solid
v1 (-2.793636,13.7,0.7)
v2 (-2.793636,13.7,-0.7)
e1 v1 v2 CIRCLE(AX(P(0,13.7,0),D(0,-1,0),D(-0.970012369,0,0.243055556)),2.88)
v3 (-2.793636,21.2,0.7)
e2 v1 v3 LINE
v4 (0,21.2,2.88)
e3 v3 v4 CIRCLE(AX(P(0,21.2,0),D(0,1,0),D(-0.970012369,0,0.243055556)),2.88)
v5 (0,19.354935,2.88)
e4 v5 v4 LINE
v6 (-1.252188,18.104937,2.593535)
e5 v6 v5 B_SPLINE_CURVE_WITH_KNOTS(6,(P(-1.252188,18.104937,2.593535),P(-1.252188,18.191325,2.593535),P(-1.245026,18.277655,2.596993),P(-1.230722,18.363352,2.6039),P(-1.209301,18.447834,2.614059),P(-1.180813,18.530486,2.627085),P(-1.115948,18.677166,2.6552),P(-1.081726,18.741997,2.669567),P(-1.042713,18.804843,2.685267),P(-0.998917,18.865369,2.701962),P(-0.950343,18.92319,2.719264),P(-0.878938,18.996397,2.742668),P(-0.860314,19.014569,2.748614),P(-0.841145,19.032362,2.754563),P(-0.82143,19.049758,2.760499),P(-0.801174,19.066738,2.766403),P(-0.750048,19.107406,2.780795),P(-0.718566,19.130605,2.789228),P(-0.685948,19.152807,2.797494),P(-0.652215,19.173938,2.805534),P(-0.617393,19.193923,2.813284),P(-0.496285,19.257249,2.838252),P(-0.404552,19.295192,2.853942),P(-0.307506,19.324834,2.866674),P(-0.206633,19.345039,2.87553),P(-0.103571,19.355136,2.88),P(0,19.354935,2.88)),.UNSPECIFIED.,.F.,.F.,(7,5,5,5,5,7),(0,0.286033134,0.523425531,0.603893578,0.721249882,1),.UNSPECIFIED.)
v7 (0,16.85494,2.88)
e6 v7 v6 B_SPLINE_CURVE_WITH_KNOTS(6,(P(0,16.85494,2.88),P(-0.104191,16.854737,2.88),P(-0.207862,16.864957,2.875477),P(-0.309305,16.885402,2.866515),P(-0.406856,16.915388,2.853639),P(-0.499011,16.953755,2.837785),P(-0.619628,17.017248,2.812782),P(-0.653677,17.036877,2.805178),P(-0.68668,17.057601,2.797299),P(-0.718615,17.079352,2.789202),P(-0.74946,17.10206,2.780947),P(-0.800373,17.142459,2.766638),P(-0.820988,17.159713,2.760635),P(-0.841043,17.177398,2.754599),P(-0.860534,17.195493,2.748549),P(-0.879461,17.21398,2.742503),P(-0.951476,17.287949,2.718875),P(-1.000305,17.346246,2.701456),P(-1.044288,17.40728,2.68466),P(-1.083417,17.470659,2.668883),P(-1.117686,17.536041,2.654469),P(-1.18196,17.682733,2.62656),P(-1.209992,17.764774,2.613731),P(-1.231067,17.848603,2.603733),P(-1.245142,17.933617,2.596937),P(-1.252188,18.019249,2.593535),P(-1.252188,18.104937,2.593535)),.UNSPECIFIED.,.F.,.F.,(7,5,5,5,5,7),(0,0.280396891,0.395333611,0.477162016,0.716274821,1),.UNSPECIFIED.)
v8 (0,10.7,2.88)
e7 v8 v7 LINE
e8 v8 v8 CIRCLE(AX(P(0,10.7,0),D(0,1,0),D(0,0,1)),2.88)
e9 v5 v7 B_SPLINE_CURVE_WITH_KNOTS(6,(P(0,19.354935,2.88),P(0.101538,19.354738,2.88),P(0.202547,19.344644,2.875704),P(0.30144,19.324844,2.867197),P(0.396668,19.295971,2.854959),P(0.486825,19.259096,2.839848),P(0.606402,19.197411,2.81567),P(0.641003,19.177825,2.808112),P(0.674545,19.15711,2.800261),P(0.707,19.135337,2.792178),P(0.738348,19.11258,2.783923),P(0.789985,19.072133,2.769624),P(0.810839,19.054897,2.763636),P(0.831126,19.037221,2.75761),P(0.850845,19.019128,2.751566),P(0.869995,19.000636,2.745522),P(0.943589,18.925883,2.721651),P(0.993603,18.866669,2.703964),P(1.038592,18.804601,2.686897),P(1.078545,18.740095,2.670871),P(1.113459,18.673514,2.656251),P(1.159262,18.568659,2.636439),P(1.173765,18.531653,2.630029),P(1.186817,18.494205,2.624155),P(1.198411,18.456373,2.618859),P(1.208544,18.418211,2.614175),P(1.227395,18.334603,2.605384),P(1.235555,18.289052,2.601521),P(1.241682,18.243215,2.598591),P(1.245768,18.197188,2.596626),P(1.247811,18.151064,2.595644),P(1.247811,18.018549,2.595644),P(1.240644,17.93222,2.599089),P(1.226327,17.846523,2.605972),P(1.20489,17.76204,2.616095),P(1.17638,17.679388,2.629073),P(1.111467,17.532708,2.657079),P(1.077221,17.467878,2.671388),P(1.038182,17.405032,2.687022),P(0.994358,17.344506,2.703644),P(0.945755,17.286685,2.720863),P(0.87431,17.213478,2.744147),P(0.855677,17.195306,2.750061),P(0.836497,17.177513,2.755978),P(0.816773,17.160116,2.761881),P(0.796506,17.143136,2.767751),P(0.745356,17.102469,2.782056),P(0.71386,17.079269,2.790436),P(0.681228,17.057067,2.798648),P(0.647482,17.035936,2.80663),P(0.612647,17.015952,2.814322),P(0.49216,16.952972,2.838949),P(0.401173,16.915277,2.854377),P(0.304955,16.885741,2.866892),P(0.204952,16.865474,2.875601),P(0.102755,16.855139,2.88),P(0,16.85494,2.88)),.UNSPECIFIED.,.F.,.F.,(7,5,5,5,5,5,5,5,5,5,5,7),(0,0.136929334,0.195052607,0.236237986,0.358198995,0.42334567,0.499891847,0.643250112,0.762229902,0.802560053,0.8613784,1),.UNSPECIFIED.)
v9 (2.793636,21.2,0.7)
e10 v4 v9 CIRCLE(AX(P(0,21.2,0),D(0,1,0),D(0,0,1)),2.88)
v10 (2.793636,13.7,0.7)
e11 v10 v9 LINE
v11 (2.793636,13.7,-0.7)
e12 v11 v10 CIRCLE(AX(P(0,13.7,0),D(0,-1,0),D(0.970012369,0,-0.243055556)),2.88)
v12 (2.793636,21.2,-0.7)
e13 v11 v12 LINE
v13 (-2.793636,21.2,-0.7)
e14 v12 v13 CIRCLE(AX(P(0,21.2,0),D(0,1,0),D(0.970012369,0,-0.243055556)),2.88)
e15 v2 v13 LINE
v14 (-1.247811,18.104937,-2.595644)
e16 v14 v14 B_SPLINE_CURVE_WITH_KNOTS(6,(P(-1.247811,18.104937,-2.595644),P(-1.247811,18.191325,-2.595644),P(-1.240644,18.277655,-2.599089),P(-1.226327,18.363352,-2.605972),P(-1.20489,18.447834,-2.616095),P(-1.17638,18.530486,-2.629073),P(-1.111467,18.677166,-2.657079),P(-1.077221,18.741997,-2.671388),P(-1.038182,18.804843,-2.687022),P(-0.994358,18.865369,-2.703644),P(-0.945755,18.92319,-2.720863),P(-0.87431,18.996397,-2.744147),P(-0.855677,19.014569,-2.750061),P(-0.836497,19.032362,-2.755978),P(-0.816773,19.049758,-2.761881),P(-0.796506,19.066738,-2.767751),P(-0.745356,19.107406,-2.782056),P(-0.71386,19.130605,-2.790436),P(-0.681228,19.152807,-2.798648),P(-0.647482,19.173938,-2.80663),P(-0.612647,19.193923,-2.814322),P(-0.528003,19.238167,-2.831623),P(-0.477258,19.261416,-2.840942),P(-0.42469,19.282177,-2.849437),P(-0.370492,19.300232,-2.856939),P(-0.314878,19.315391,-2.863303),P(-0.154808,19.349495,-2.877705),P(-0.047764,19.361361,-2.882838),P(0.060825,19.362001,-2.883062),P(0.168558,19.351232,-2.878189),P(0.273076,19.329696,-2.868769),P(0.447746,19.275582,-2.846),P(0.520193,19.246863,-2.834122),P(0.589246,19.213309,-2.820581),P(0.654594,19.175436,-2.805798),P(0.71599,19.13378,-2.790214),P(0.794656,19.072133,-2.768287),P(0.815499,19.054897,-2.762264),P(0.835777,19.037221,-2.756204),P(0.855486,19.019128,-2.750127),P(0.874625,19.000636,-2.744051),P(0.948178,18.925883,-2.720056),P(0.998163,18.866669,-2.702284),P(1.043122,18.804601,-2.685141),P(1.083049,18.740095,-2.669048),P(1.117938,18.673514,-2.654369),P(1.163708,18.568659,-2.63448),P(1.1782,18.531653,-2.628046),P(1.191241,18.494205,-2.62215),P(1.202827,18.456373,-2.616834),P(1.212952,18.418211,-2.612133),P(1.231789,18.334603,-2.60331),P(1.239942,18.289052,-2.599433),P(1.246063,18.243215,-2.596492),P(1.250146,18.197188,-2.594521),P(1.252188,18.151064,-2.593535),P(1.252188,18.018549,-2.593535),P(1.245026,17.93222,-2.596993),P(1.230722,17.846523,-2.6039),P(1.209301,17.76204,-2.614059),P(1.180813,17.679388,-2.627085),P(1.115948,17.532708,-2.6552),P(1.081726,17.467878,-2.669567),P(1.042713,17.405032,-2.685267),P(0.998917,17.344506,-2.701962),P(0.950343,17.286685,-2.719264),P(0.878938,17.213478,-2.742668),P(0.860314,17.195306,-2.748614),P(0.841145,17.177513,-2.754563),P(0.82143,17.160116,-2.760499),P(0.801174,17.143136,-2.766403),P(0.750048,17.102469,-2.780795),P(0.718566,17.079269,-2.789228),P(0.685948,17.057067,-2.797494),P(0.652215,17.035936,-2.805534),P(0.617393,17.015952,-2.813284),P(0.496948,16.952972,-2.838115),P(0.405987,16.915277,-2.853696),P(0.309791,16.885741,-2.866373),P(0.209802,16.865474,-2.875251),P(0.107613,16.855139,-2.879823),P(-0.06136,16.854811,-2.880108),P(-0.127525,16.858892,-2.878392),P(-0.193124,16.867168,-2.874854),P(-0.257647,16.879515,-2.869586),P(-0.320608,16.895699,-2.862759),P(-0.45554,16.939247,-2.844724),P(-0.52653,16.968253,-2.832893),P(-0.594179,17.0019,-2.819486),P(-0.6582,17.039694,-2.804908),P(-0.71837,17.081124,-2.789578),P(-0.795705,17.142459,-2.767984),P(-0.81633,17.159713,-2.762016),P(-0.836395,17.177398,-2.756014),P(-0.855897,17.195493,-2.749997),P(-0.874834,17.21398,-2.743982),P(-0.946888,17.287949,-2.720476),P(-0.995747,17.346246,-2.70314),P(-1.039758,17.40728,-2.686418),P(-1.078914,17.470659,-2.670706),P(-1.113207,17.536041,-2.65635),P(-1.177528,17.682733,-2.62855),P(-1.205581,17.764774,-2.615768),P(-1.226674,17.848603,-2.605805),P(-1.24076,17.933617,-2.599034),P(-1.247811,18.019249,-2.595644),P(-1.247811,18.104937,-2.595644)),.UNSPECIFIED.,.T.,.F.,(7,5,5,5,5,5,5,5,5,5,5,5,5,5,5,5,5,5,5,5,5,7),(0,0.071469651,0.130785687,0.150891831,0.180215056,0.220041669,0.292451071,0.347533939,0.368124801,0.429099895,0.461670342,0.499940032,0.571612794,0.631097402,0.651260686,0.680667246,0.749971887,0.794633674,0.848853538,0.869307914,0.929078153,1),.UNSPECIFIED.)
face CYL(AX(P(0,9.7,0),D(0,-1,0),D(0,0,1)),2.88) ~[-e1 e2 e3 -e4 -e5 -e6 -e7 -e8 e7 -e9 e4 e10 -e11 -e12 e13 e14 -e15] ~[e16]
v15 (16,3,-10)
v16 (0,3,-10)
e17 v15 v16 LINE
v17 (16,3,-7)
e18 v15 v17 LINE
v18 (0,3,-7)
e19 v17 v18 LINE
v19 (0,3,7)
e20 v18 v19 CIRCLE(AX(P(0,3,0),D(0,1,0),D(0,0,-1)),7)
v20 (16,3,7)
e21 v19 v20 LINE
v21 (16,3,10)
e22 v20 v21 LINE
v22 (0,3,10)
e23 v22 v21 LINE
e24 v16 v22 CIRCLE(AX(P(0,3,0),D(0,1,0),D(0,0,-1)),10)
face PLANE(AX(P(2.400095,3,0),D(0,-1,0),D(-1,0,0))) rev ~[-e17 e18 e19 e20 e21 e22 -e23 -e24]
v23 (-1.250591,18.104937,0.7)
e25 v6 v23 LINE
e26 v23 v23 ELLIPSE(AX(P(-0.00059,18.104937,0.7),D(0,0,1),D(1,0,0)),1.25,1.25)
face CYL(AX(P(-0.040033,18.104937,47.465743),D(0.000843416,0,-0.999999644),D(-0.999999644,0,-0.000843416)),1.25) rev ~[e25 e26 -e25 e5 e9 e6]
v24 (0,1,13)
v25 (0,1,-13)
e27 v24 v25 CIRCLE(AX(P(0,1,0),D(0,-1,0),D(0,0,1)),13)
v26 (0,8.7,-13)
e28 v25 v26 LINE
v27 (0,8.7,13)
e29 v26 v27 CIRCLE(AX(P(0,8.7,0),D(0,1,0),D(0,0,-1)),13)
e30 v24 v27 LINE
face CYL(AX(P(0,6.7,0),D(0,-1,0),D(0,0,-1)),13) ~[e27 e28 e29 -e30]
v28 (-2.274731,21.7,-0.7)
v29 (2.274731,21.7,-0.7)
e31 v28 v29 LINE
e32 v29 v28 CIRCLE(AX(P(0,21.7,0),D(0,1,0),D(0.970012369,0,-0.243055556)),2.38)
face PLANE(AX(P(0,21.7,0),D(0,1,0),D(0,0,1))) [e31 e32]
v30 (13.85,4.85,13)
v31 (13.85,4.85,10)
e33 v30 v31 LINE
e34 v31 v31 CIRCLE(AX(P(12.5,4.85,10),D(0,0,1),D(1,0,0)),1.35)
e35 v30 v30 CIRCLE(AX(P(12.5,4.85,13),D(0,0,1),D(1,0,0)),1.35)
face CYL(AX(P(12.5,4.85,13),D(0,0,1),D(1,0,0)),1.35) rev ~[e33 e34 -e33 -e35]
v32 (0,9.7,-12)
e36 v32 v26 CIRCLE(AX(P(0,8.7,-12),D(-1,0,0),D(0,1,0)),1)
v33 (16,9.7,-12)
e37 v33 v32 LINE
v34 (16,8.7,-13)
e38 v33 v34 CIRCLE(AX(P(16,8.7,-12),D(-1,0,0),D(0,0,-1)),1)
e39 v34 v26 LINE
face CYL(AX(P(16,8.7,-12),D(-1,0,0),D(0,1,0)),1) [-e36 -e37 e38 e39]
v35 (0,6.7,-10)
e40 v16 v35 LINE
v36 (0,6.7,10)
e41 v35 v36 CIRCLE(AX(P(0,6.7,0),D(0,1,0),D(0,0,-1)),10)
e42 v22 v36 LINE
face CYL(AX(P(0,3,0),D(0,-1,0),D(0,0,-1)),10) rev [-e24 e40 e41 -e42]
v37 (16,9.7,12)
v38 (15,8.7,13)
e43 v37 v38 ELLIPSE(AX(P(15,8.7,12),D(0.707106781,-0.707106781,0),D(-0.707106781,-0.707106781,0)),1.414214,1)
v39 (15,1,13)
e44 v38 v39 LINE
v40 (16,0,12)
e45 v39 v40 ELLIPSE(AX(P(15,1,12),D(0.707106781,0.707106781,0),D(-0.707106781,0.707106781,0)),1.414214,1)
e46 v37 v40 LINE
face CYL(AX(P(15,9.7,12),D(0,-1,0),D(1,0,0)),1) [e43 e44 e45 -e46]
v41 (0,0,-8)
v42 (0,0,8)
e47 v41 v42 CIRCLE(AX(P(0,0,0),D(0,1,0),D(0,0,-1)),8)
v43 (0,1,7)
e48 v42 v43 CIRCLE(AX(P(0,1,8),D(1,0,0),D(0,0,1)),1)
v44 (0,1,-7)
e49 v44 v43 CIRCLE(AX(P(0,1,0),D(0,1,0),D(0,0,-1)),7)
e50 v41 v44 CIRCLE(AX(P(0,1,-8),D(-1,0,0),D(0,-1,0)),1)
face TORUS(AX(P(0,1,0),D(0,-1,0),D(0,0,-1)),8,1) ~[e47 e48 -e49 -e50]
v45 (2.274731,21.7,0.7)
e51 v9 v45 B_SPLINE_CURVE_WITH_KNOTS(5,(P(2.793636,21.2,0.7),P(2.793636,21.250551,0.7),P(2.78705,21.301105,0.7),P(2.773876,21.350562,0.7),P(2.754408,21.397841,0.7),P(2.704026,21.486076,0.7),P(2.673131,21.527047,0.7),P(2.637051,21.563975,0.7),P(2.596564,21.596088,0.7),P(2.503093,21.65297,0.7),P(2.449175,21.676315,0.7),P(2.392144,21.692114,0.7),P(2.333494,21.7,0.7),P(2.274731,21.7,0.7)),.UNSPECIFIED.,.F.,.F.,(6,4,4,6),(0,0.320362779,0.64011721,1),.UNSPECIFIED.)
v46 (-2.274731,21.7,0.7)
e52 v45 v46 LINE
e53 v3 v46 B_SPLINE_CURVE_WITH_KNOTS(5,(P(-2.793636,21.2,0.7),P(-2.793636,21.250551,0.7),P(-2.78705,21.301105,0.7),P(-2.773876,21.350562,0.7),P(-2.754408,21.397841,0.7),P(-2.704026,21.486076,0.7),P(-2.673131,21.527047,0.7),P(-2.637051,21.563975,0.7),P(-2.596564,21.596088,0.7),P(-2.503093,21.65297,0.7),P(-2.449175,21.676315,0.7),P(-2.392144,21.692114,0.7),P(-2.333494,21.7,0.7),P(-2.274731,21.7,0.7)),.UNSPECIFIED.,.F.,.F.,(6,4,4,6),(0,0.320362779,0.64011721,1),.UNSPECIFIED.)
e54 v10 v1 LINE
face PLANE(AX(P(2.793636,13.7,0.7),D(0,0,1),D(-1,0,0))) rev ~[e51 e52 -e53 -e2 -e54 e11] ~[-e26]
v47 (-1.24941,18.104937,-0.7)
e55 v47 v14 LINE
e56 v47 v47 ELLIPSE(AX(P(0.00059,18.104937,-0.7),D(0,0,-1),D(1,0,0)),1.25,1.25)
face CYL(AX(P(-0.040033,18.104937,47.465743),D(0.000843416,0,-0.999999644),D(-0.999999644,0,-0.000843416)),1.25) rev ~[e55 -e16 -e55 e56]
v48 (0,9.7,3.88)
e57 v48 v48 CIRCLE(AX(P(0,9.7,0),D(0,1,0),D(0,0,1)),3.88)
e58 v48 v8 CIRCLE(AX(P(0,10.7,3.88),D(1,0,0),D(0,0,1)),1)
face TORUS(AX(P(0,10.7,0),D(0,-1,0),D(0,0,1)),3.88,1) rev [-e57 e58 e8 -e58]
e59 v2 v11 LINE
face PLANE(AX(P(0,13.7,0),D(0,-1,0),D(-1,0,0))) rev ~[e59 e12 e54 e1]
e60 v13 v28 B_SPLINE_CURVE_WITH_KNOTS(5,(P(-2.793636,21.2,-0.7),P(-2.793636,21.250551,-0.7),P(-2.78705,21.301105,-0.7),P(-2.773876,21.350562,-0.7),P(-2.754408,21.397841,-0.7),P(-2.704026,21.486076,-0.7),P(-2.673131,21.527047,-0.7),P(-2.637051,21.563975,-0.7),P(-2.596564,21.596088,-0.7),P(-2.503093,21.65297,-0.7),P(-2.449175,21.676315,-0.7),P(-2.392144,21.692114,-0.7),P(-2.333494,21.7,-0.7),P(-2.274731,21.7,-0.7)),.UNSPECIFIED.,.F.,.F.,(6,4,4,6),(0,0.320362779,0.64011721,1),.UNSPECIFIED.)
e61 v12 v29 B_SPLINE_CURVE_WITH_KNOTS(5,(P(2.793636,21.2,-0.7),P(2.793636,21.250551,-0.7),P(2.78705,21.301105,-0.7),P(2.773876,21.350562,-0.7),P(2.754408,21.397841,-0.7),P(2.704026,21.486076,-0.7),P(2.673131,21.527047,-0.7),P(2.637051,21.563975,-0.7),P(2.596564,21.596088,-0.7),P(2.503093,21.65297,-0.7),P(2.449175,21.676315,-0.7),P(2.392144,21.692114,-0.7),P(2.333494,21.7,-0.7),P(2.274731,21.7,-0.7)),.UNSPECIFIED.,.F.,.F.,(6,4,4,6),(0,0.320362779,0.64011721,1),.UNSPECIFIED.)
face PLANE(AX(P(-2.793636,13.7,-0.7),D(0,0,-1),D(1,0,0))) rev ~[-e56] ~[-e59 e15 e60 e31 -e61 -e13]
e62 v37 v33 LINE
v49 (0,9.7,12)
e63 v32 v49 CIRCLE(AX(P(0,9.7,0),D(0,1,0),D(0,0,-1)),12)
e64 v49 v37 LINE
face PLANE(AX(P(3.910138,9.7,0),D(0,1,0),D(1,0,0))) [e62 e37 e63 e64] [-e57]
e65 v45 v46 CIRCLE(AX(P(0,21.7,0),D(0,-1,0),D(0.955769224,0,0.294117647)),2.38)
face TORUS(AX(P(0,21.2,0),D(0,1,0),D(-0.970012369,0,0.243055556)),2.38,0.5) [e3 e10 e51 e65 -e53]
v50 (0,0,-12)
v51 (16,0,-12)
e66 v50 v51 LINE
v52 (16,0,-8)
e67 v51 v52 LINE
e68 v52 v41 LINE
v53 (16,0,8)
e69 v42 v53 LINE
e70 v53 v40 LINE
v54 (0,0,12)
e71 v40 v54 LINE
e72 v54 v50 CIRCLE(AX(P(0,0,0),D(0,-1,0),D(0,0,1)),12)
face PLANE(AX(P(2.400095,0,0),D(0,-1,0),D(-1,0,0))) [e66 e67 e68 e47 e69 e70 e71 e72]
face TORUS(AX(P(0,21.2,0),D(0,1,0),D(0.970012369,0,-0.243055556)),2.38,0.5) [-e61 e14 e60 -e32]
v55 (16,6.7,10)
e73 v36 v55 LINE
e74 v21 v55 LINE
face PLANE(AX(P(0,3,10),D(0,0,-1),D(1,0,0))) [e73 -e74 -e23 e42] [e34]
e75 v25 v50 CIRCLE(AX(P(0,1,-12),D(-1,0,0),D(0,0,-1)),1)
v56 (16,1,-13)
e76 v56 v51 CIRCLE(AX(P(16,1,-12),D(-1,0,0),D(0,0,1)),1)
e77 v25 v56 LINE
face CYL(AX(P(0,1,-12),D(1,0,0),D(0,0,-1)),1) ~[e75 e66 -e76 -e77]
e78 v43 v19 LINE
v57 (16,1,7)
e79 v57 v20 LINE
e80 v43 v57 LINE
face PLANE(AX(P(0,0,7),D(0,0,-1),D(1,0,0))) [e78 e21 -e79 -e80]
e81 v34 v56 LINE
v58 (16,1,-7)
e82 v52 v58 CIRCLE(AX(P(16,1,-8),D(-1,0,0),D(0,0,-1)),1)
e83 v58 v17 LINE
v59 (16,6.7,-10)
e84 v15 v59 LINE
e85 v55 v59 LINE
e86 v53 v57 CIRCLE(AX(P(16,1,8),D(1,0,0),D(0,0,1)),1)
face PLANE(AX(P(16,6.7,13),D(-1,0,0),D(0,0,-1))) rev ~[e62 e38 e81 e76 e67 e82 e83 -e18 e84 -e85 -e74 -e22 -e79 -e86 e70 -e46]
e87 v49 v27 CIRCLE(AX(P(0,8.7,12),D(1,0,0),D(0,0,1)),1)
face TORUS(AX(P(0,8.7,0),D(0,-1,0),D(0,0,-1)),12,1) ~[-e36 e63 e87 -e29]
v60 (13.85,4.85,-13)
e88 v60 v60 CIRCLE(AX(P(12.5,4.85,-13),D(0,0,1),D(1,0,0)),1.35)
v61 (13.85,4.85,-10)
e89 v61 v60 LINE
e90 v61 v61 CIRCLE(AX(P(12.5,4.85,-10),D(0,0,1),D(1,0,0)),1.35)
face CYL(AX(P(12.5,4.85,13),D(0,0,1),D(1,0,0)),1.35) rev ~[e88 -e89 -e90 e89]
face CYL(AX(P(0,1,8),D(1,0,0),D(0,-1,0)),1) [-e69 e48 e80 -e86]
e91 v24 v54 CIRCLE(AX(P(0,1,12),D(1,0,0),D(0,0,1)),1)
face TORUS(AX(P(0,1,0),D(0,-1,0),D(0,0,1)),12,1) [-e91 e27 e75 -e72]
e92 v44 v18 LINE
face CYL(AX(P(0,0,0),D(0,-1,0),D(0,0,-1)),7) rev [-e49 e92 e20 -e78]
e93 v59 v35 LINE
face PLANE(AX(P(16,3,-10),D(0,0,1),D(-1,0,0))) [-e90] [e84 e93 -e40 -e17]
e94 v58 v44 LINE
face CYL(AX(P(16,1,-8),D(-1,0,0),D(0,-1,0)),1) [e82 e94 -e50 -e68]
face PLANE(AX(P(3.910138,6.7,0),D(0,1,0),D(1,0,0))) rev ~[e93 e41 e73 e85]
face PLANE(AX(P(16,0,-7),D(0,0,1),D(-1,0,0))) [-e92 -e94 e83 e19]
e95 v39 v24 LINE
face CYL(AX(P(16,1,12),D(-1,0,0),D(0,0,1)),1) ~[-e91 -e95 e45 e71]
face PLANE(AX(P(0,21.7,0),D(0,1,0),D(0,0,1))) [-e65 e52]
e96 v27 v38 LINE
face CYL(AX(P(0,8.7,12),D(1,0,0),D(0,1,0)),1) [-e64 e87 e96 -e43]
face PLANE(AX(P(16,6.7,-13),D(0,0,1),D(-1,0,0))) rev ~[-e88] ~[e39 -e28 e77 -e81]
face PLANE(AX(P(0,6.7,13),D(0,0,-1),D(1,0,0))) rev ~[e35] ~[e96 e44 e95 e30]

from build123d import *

# Parameters (mm, degrees)
BOSS_EXTRUDE1_DEPTH   = 3
BOSS_EXTRUDE2_DEPTH   = 3.7
BOSS_EXTRUDE3_DEPTH   = 3
SKETCH4_R             = 2.88
BOSS_EXTRUDE4_DEPTH   = 12
F_2_5MM_DOWEL_HOLE1_D = 2.5
SKETCH8_R             = 1.35
CUT_EXTRUDE1_DEPTH    = 38.455173265
FILLET1_R             = 1
FILLET2_R             = 1
CUT_EXTRUDE2_START    = -8
CUT_EXTRUDE2_DEPTH    = 8
FILLET3_R             = 0.5


with BuildPart() as part:
    # Sketch1 → Boss-Extrude1 (new body)
    with BuildSketch(Plane(origin=(0, 0, 0), x_dir=(1, 0, 0), z_dir=(0, 1, 0))):
        with BuildLine():
            Line((0, 13), (16, 13))
            Line((16, 13), (16, 7))
            Line((16, 7), (0, 7))
            ThreePointArc((0, 7), (-7, 0), (0, -7))
            Line((0, -7), (16, -7))
            Line((16, -7), (16, -13))
            Line((16, -13), (0, -13))
            ThreePointArc((0, -13), (-13, 0), (0, 13))
        make_face()
    extrude(amount=BOSS_EXTRUDE1_DEPTH)

    # Sketch2 → Boss-Extrude2 (add)
    with BuildSketch(Plane(origin=(0, 3, 0), x_dir=(1, 0, 0), z_dir=(0, 1, 0))):
        with BuildLine():
            Line((0, 13), (16, 13))
            Line((16, 13), (16, 10))
            Line((16, 10), (0, 10))
            ThreePointArc((0, 10), (-10, 0), (0, -10))
            Line((0, -10), (16, -10))
            Line((16, -10), (16, -13))
            Line((16, -13), (0, -13))
            ThreePointArc((0, -13), (-13, 0), (0, 13))
        make_face()
    extrude(amount=BOSS_EXTRUDE2_DEPTH)

    # Sketch3 → Boss-Extrude3 (add)
    with BuildSketch(Plane(origin=(0, 6.7, 0), x_dir=(1, 0, 0), z_dir=(0, 1, 0))):
        with BuildLine():
            Line((16, 13), (0, 13))
            ThreePointArc((0, 13), (-13, 0), (0, -13))
            Line((0, -13), (16, -13))
            Line((16, -13), (16, -7))
            Line((16, -7), (16, 7))
            Line((16, 7), (16, 13))
        make_face()
    extrude(amount=BOSS_EXTRUDE3_DEPTH)

    # Sketch4 → Boss-Extrude4 (add)
    with BuildSketch(Plane(origin=(0, 9.7, 0), x_dir=(1, 0, 0), z_dir=(0, 1, 0))):
        with Locations(Location((0, 0, 0), (0, 0, 270))):
            Circle(SKETCH4_R)
    extrude(amount=BOSS_EXTRUDE4_DEPTH)

    # Ø2.5mm Dowel Hole1 (through all)
    with Locations(Plane(origin=(-0.002429038, 18.104937254, 2.879998976), x_dir=(0.999999644325, 0, 0.000843415861), z_dir=(-0.000843415861, 0, 0.999999644325))):
        with Locations((0, 0)):
            Hole(F_2_5MM_DOWEL_HOLE1_D / 2)

    # Sketch8 → Cut-Extrude1 (cut, through all)
    with BuildSketch(Plane.XY.offset(13)):
        with Locations((12.5, 4.85)):
            Circle(SKETCH8_R)
    extrude(amount=-CUT_EXTRUDE1_DEPTH, mode=Mode.SUBTRACT)

    # Fillet1
    fillet1_edges = [part.edges().sort_by_distance(p)[0] for p in [
        (8, 0, -13),
        (8, 0, -7),
        (-7, 0, 0),
        (16, 4.85, 13),
        (-13, 9.7, 0),
        (8, 9.7, 13),
        (8, 9.7, -13),
        (8, 0, 7),
        (8, 0, 13),
        (-13, 0, 0),
    ]]
    fillet(fillet1_edges, radius=FILLET1_R)

    # Fillet2
    fillet2_edges = [part.edges().sort_by_distance(p)[0] for p in [
        (0, 9.7, -2.88),
    ]]
    fillet(fillet2_edges, radius=FILLET2_R)

    # Sketch10 → Cut-Extrude2 (cut)
    with BuildSketch(Plane(origin=(0, 21.7, 0), x_dir=(1, 0, 0), z_dir=(0, 1, 0)).offset(CUT_EXTRUDE2_START)):
        with BuildLine():
            Line((-2.793635624, 0.7), (2.793635624, 0.7))
            ThreePointArc((2.793635624, 0.7), (2.88, 0), (2.793635624, -0.7))
            Line((2.793635624, -0.7), (-2.793635624, -0.7))
            ThreePointArc((-2.793635624, -0.7), (-2.88, 0), (-2.793635624, 0.7))
        make_face()
    extrude(amount=CUT_EXTRUDE2_DEPTH, mode=Mode.SUBTRACT)

    # Fillet3
    fillet3_edges = [part.edges().sort_by_distance(p)[0] for p in [
        (0, 21.7, -2.88),
        (1.771778767, 21.7, 2.270506551),
    ]]
    fillet(fillet3_edges, radius=FILLET3_R)


solid = part.part
